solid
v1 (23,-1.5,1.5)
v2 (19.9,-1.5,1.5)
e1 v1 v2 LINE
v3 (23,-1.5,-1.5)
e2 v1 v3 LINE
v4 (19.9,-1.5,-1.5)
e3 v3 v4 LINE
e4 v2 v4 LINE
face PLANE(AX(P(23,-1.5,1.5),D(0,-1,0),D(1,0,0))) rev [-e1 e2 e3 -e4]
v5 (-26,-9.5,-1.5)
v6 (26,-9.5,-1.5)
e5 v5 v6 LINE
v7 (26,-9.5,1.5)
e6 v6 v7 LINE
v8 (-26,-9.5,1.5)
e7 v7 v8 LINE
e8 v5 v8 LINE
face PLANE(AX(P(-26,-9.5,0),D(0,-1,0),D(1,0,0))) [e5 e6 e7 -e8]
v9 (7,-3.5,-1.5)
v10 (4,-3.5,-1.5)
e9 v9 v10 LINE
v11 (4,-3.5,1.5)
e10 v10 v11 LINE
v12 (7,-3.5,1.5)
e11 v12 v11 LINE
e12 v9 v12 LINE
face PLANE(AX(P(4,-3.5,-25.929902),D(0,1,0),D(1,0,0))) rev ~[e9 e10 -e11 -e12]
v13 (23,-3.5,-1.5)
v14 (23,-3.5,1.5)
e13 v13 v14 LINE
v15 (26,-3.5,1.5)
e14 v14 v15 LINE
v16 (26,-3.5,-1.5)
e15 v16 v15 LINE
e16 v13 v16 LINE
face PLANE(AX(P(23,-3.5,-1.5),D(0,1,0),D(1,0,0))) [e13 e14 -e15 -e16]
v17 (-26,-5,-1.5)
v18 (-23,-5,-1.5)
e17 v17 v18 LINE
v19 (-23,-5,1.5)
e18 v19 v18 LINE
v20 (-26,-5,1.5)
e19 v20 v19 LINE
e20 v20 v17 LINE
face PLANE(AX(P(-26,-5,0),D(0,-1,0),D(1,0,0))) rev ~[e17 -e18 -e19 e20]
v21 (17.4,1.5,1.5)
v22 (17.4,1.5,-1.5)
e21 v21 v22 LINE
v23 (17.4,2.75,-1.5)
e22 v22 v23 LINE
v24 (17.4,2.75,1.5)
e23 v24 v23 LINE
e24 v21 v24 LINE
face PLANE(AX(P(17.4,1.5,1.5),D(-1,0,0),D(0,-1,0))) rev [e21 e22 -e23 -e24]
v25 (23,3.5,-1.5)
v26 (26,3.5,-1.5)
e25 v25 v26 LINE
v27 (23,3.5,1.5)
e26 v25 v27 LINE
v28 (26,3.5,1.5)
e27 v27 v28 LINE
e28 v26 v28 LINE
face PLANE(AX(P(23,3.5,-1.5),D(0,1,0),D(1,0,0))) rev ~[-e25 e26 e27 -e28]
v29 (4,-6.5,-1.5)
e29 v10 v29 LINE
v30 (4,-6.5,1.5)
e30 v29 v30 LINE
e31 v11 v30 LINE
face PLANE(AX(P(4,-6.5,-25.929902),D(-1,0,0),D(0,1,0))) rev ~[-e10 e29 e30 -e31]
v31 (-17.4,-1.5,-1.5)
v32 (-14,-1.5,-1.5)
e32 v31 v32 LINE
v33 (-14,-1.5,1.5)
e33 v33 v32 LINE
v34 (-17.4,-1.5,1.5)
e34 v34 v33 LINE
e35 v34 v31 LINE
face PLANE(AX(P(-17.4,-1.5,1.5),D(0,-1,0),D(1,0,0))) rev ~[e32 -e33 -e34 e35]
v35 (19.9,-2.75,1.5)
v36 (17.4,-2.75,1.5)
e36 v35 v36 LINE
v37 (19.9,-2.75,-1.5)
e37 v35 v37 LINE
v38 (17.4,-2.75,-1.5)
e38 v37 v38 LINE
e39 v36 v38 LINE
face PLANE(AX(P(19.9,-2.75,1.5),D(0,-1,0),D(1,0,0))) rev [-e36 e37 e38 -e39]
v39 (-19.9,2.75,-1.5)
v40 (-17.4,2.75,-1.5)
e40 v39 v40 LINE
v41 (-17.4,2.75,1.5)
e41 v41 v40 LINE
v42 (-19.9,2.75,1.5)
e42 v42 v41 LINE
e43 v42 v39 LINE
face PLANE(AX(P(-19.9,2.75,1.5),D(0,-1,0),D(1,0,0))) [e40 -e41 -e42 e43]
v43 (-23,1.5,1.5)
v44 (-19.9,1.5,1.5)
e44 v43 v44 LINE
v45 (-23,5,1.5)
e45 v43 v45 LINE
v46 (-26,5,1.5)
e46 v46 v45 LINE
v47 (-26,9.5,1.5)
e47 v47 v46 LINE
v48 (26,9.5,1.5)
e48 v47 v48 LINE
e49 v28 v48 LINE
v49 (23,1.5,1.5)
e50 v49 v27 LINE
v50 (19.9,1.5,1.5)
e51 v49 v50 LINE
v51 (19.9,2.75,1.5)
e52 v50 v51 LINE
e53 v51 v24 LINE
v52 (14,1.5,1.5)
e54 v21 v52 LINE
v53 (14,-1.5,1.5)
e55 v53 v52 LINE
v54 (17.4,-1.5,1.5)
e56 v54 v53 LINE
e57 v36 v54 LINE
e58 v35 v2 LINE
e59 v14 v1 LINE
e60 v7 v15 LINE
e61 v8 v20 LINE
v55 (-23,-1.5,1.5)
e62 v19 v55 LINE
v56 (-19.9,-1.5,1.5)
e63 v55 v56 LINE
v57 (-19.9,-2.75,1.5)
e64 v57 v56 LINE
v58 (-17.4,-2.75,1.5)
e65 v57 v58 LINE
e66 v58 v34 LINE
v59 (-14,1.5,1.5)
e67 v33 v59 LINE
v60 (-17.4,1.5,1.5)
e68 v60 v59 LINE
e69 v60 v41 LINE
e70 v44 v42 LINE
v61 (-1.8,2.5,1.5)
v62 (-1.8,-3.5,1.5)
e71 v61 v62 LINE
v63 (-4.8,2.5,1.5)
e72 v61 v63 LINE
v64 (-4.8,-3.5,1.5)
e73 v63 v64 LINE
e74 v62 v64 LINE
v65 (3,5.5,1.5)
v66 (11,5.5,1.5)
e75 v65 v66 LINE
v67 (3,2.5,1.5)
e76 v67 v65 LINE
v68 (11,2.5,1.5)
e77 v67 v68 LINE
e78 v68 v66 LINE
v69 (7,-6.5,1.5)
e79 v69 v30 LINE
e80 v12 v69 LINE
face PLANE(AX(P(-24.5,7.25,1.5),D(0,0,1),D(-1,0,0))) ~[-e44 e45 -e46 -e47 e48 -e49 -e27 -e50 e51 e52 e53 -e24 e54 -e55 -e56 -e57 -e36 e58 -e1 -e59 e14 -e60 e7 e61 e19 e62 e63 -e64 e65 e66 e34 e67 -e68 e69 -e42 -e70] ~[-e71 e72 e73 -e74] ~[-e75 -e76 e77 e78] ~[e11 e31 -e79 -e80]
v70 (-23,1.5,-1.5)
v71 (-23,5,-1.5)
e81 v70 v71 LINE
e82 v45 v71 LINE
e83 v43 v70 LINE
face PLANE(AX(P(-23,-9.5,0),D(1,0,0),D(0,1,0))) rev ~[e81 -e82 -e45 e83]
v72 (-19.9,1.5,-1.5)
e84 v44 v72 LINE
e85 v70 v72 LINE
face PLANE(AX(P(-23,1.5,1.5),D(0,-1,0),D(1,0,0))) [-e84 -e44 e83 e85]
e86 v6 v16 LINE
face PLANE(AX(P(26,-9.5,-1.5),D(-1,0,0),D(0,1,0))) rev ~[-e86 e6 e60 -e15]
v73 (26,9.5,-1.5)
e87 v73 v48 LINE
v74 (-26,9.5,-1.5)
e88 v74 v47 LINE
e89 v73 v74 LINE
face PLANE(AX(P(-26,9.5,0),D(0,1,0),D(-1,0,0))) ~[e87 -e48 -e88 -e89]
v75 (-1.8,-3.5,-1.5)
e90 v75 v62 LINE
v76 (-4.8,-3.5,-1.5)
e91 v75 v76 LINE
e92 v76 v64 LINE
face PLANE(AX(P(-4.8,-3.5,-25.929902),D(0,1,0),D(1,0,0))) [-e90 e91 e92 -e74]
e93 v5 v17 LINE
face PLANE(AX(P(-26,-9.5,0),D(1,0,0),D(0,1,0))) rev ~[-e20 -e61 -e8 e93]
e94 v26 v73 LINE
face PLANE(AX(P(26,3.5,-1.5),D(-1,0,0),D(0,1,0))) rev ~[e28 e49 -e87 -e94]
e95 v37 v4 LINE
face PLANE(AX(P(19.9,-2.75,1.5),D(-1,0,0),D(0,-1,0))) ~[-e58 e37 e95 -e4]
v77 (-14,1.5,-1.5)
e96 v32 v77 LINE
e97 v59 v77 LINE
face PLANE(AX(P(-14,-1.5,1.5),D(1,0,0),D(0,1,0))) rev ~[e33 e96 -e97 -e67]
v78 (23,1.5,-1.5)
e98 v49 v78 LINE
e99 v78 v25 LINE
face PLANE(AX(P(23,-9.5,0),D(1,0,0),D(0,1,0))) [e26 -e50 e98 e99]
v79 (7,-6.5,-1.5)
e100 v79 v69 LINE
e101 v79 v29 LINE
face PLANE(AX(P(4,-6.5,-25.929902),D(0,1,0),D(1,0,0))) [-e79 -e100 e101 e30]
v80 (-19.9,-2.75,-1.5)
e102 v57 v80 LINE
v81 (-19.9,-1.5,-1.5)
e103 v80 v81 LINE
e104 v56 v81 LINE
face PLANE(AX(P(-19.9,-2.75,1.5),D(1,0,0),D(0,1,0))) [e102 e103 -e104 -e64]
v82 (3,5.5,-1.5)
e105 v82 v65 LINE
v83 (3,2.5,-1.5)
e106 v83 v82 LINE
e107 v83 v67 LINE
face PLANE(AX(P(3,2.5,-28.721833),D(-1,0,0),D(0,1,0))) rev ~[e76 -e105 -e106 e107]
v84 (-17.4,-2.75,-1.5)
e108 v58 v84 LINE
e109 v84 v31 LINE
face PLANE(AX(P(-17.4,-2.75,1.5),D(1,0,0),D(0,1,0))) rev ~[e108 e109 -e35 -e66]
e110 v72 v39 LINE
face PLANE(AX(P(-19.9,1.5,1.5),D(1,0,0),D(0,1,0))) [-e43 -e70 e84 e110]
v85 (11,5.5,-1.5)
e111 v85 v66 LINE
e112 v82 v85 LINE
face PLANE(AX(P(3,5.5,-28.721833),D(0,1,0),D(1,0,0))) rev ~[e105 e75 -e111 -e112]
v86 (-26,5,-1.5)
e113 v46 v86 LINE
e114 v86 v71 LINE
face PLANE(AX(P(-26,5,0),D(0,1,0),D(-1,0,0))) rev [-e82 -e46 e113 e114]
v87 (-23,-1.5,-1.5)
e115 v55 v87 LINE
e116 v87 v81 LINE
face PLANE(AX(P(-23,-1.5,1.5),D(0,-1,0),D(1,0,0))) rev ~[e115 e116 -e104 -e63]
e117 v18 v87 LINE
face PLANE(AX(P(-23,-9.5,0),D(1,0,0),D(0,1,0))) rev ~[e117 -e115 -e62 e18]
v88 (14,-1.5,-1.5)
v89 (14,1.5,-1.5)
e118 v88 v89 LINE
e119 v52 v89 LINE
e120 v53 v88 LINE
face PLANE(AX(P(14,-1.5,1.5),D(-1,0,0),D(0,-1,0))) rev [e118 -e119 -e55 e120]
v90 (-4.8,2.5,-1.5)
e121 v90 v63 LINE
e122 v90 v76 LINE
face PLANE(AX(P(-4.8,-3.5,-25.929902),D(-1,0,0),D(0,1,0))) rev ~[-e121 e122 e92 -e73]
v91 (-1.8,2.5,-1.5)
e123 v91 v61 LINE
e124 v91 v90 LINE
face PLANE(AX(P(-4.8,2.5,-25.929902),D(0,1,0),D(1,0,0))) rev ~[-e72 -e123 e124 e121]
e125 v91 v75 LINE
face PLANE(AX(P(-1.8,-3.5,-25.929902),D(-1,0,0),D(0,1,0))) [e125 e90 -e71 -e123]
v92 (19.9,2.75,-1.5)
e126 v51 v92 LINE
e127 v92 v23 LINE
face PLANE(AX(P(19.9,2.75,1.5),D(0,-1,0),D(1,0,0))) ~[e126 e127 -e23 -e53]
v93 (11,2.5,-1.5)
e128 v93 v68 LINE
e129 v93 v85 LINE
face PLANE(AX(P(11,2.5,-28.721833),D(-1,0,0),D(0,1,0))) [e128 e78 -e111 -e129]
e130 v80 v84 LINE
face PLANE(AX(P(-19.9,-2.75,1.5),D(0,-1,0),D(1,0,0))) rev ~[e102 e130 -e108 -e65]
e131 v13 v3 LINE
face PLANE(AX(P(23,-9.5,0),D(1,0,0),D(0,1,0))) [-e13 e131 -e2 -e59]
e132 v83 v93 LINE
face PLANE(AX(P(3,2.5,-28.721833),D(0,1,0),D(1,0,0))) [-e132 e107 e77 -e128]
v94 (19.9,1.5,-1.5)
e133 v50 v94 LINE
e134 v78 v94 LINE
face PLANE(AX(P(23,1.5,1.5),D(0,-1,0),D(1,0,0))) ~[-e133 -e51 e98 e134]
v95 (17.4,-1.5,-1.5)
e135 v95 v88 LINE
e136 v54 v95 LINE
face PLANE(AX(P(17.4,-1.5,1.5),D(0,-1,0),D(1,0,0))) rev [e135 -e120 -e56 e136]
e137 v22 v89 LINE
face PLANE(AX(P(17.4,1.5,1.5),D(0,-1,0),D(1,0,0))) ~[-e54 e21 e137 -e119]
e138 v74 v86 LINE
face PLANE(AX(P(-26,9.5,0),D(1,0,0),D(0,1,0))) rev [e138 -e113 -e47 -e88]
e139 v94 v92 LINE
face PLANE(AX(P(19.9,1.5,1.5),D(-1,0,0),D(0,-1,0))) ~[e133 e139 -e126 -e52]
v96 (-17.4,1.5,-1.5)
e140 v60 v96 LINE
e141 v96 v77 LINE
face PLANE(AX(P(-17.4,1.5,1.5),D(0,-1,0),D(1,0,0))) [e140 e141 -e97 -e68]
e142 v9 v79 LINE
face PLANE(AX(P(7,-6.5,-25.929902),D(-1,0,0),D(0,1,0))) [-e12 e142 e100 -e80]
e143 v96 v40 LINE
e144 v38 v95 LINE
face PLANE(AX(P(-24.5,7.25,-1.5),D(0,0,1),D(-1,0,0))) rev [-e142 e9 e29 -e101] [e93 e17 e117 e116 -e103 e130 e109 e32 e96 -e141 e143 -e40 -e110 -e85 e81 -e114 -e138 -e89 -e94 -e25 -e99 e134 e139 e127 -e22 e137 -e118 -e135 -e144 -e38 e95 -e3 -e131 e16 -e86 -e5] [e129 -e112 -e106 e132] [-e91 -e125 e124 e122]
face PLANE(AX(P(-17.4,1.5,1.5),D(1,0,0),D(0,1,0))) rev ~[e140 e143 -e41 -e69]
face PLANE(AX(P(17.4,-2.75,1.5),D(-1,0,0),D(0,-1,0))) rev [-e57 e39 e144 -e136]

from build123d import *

# Parameters (mm, degrees)
ESBO_O1_W                     = 46
ESBO_O1_H                     = 19
RESSALTO_EXTRUS_O1_DEPTH      = 1.5
CORTE_EXTRUS_O3_DEPTH         = 25.929901725
CORTE_EXTRUS_O3_DEPTH_BACK    = 25.929901725
ESBO_O6_W                     = 3
ESBO_O6_H                     = 6
CORTE_EXTRUS_O2_DEPTH         = 25.929901725
CORTE_EXTRUS_O2_DEPTH_BACK    = 25.929901725
DENTE_W                       = 3
DENTE_H                       = 3
RESSALTO_EXTRUS_O3_DEPTH      = 1.5
RESSALTO_EXTRUS_O3_DEPTH_BACK = 1.5
ESBO_O4_W                     = 3
ESBO_O4_H                     = 6
ESBO_O21_W                    = 9
ESBO_O21_H                    = 3
ESBO_O21_W_2                  = 2.5
ESBO_O21_H_2                  = 5.5
CORTE_EXTRUS_O11_DEPTH        = 3
ESBO_O3_W                     = 3
ESBO_O3_H                     = 4.5
RESSALTO_EXTRUS_O2_DEPTH      = 1.5
CORTE_EXTRUS_O12_DEPTH        = 28.721832551
CORTE_EXTRUS_O12_DEPTH_BACK   = 28.721832551
ESBO_O23_W                    = 8
ESBO_O23_H                    = 3


with BuildPart() as part:
    # Esboço1 → Ressalto-extrusão1 (new, symmetric)
    with BuildSketch(Plane.XY):
        Rectangle(ESBO_O1_W, ESBO_O1_H)
    extrude(amount=RESSALTO_EXTRUS_O1_DEPTH, both=True)

    # Esboço6 → Corte-extrusão3 (cut, two sides: drawn at the far end of the back side and taken through both)
    with BuildSketch(Plane.XY.offset(-CORTE_EXTRUS_O3_DEPTH_BACK)):
        with Locations((-3.3, -0.5)):
            Rectangle(ESBO_O6_W, ESBO_O6_H)
    extrude(amount=CORTE_EXTRUS_O3_DEPTH + CORTE_EXTRUS_O3_DEPTH_BACK, mode=Mode.SUBTRACT)

    # Dente → Corte-extrusão2 (cut, two sides: drawn at the far end of the back side and taken through both)
    with BuildSketch(Plane.XY.offset(-CORTE_EXTRUS_O2_DEPTH_BACK)):
        with Locations((5.5, -5)):
            Rectangle(DENTE_W, DENTE_H)
    extrude(amount=CORTE_EXTRUS_O2_DEPTH + CORTE_EXTRUS_O2_DEPTH_BACK, mode=Mode.SUBTRACT)

    # Esboço4 → Ressalto-extrusão3 (add, two sides: drawn at the far end of the back side and taken through both)
    with BuildSketch(Plane.XY.offset(-RESSALTO_EXTRUS_O3_DEPTH_BACK)):
        with Locations((24.5, 6.5)):
            Rectangle(ESBO_O4_W, ESBO_O4_H)
        with Locations((24.5, -6.5)):
            Rectangle(ESBO_O4_W, ESBO_O4_H)
    extrude(amount=RESSALTO_EXTRUS_O3_DEPTH + RESSALTO_EXTRUS_O3_DEPTH_BACK)

    # Esboço21 → Corte-extrusão11 (cut)
    with BuildSketch(Plane(origin=(2.822956614, -2.284701659, 1.5), x_dir=(1, 0, 0), z_dir=(0, 0, 1))):
        with Locations((-21.322956614, 2.284701659)):
            Rectangle(ESBO_O21_W, ESBO_O21_H)
        with Locations((-21.472956614, 2.284701659)):
            Rectangle(ESBO_O21_W_2, ESBO_O21_H_2)
    corte_extrus_o11 = extrude(amount=-CORTE_EXTRUS_O11_DEPTH, mode=Mode.SUBTRACT)

    # Espelhar3: Corte-extrusão11 across plane
    add(corte_extrus_o11.mirror(Plane(origin=(0, 0, 0), x_dir=(0, 0, 1), z_dir=(1, 0, 0))), mode=Mode.SUBTRACT)

    # Esboço3 → Ressalto-extrusão2 (add, symmetric)
    with BuildSketch(Plane.XY):
        with Locations((-24.5, -7.25)):
            Rectangle(ESBO_O3_W, ESBO_O3_H)
    ressalto_extrus_o2 = extrude(amount=RESSALTO_EXTRUS_O2_DEPTH, both=True)

    # Espelhar2: Corte-extrusão11, Ressalto-extrusão2 across plane
    add(corte_extrus_o11.mirror(Plane.ZX), mode=Mode.SUBTRACT)
    add(ressalto_extrus_o2.mirror(Plane.ZX))

    # Esboço23 → Corte-extrusão12 (cut, two sides: drawn at the far end of the back side and taken through both)
    with BuildSketch(Plane.XY.offset(-CORTE_EXTRUS_O12_DEPTH_BACK)):
        with Locations((7, 4)):
            Rectangle(ESBO_O23_W, ESBO_O23_H)
    extrude(amount=CORTE_EXTRUS_O12_DEPTH + CORTE_EXTRUS_O12_DEPTH_BACK, mode=Mode.SUBTRACT)


solid = part.part
